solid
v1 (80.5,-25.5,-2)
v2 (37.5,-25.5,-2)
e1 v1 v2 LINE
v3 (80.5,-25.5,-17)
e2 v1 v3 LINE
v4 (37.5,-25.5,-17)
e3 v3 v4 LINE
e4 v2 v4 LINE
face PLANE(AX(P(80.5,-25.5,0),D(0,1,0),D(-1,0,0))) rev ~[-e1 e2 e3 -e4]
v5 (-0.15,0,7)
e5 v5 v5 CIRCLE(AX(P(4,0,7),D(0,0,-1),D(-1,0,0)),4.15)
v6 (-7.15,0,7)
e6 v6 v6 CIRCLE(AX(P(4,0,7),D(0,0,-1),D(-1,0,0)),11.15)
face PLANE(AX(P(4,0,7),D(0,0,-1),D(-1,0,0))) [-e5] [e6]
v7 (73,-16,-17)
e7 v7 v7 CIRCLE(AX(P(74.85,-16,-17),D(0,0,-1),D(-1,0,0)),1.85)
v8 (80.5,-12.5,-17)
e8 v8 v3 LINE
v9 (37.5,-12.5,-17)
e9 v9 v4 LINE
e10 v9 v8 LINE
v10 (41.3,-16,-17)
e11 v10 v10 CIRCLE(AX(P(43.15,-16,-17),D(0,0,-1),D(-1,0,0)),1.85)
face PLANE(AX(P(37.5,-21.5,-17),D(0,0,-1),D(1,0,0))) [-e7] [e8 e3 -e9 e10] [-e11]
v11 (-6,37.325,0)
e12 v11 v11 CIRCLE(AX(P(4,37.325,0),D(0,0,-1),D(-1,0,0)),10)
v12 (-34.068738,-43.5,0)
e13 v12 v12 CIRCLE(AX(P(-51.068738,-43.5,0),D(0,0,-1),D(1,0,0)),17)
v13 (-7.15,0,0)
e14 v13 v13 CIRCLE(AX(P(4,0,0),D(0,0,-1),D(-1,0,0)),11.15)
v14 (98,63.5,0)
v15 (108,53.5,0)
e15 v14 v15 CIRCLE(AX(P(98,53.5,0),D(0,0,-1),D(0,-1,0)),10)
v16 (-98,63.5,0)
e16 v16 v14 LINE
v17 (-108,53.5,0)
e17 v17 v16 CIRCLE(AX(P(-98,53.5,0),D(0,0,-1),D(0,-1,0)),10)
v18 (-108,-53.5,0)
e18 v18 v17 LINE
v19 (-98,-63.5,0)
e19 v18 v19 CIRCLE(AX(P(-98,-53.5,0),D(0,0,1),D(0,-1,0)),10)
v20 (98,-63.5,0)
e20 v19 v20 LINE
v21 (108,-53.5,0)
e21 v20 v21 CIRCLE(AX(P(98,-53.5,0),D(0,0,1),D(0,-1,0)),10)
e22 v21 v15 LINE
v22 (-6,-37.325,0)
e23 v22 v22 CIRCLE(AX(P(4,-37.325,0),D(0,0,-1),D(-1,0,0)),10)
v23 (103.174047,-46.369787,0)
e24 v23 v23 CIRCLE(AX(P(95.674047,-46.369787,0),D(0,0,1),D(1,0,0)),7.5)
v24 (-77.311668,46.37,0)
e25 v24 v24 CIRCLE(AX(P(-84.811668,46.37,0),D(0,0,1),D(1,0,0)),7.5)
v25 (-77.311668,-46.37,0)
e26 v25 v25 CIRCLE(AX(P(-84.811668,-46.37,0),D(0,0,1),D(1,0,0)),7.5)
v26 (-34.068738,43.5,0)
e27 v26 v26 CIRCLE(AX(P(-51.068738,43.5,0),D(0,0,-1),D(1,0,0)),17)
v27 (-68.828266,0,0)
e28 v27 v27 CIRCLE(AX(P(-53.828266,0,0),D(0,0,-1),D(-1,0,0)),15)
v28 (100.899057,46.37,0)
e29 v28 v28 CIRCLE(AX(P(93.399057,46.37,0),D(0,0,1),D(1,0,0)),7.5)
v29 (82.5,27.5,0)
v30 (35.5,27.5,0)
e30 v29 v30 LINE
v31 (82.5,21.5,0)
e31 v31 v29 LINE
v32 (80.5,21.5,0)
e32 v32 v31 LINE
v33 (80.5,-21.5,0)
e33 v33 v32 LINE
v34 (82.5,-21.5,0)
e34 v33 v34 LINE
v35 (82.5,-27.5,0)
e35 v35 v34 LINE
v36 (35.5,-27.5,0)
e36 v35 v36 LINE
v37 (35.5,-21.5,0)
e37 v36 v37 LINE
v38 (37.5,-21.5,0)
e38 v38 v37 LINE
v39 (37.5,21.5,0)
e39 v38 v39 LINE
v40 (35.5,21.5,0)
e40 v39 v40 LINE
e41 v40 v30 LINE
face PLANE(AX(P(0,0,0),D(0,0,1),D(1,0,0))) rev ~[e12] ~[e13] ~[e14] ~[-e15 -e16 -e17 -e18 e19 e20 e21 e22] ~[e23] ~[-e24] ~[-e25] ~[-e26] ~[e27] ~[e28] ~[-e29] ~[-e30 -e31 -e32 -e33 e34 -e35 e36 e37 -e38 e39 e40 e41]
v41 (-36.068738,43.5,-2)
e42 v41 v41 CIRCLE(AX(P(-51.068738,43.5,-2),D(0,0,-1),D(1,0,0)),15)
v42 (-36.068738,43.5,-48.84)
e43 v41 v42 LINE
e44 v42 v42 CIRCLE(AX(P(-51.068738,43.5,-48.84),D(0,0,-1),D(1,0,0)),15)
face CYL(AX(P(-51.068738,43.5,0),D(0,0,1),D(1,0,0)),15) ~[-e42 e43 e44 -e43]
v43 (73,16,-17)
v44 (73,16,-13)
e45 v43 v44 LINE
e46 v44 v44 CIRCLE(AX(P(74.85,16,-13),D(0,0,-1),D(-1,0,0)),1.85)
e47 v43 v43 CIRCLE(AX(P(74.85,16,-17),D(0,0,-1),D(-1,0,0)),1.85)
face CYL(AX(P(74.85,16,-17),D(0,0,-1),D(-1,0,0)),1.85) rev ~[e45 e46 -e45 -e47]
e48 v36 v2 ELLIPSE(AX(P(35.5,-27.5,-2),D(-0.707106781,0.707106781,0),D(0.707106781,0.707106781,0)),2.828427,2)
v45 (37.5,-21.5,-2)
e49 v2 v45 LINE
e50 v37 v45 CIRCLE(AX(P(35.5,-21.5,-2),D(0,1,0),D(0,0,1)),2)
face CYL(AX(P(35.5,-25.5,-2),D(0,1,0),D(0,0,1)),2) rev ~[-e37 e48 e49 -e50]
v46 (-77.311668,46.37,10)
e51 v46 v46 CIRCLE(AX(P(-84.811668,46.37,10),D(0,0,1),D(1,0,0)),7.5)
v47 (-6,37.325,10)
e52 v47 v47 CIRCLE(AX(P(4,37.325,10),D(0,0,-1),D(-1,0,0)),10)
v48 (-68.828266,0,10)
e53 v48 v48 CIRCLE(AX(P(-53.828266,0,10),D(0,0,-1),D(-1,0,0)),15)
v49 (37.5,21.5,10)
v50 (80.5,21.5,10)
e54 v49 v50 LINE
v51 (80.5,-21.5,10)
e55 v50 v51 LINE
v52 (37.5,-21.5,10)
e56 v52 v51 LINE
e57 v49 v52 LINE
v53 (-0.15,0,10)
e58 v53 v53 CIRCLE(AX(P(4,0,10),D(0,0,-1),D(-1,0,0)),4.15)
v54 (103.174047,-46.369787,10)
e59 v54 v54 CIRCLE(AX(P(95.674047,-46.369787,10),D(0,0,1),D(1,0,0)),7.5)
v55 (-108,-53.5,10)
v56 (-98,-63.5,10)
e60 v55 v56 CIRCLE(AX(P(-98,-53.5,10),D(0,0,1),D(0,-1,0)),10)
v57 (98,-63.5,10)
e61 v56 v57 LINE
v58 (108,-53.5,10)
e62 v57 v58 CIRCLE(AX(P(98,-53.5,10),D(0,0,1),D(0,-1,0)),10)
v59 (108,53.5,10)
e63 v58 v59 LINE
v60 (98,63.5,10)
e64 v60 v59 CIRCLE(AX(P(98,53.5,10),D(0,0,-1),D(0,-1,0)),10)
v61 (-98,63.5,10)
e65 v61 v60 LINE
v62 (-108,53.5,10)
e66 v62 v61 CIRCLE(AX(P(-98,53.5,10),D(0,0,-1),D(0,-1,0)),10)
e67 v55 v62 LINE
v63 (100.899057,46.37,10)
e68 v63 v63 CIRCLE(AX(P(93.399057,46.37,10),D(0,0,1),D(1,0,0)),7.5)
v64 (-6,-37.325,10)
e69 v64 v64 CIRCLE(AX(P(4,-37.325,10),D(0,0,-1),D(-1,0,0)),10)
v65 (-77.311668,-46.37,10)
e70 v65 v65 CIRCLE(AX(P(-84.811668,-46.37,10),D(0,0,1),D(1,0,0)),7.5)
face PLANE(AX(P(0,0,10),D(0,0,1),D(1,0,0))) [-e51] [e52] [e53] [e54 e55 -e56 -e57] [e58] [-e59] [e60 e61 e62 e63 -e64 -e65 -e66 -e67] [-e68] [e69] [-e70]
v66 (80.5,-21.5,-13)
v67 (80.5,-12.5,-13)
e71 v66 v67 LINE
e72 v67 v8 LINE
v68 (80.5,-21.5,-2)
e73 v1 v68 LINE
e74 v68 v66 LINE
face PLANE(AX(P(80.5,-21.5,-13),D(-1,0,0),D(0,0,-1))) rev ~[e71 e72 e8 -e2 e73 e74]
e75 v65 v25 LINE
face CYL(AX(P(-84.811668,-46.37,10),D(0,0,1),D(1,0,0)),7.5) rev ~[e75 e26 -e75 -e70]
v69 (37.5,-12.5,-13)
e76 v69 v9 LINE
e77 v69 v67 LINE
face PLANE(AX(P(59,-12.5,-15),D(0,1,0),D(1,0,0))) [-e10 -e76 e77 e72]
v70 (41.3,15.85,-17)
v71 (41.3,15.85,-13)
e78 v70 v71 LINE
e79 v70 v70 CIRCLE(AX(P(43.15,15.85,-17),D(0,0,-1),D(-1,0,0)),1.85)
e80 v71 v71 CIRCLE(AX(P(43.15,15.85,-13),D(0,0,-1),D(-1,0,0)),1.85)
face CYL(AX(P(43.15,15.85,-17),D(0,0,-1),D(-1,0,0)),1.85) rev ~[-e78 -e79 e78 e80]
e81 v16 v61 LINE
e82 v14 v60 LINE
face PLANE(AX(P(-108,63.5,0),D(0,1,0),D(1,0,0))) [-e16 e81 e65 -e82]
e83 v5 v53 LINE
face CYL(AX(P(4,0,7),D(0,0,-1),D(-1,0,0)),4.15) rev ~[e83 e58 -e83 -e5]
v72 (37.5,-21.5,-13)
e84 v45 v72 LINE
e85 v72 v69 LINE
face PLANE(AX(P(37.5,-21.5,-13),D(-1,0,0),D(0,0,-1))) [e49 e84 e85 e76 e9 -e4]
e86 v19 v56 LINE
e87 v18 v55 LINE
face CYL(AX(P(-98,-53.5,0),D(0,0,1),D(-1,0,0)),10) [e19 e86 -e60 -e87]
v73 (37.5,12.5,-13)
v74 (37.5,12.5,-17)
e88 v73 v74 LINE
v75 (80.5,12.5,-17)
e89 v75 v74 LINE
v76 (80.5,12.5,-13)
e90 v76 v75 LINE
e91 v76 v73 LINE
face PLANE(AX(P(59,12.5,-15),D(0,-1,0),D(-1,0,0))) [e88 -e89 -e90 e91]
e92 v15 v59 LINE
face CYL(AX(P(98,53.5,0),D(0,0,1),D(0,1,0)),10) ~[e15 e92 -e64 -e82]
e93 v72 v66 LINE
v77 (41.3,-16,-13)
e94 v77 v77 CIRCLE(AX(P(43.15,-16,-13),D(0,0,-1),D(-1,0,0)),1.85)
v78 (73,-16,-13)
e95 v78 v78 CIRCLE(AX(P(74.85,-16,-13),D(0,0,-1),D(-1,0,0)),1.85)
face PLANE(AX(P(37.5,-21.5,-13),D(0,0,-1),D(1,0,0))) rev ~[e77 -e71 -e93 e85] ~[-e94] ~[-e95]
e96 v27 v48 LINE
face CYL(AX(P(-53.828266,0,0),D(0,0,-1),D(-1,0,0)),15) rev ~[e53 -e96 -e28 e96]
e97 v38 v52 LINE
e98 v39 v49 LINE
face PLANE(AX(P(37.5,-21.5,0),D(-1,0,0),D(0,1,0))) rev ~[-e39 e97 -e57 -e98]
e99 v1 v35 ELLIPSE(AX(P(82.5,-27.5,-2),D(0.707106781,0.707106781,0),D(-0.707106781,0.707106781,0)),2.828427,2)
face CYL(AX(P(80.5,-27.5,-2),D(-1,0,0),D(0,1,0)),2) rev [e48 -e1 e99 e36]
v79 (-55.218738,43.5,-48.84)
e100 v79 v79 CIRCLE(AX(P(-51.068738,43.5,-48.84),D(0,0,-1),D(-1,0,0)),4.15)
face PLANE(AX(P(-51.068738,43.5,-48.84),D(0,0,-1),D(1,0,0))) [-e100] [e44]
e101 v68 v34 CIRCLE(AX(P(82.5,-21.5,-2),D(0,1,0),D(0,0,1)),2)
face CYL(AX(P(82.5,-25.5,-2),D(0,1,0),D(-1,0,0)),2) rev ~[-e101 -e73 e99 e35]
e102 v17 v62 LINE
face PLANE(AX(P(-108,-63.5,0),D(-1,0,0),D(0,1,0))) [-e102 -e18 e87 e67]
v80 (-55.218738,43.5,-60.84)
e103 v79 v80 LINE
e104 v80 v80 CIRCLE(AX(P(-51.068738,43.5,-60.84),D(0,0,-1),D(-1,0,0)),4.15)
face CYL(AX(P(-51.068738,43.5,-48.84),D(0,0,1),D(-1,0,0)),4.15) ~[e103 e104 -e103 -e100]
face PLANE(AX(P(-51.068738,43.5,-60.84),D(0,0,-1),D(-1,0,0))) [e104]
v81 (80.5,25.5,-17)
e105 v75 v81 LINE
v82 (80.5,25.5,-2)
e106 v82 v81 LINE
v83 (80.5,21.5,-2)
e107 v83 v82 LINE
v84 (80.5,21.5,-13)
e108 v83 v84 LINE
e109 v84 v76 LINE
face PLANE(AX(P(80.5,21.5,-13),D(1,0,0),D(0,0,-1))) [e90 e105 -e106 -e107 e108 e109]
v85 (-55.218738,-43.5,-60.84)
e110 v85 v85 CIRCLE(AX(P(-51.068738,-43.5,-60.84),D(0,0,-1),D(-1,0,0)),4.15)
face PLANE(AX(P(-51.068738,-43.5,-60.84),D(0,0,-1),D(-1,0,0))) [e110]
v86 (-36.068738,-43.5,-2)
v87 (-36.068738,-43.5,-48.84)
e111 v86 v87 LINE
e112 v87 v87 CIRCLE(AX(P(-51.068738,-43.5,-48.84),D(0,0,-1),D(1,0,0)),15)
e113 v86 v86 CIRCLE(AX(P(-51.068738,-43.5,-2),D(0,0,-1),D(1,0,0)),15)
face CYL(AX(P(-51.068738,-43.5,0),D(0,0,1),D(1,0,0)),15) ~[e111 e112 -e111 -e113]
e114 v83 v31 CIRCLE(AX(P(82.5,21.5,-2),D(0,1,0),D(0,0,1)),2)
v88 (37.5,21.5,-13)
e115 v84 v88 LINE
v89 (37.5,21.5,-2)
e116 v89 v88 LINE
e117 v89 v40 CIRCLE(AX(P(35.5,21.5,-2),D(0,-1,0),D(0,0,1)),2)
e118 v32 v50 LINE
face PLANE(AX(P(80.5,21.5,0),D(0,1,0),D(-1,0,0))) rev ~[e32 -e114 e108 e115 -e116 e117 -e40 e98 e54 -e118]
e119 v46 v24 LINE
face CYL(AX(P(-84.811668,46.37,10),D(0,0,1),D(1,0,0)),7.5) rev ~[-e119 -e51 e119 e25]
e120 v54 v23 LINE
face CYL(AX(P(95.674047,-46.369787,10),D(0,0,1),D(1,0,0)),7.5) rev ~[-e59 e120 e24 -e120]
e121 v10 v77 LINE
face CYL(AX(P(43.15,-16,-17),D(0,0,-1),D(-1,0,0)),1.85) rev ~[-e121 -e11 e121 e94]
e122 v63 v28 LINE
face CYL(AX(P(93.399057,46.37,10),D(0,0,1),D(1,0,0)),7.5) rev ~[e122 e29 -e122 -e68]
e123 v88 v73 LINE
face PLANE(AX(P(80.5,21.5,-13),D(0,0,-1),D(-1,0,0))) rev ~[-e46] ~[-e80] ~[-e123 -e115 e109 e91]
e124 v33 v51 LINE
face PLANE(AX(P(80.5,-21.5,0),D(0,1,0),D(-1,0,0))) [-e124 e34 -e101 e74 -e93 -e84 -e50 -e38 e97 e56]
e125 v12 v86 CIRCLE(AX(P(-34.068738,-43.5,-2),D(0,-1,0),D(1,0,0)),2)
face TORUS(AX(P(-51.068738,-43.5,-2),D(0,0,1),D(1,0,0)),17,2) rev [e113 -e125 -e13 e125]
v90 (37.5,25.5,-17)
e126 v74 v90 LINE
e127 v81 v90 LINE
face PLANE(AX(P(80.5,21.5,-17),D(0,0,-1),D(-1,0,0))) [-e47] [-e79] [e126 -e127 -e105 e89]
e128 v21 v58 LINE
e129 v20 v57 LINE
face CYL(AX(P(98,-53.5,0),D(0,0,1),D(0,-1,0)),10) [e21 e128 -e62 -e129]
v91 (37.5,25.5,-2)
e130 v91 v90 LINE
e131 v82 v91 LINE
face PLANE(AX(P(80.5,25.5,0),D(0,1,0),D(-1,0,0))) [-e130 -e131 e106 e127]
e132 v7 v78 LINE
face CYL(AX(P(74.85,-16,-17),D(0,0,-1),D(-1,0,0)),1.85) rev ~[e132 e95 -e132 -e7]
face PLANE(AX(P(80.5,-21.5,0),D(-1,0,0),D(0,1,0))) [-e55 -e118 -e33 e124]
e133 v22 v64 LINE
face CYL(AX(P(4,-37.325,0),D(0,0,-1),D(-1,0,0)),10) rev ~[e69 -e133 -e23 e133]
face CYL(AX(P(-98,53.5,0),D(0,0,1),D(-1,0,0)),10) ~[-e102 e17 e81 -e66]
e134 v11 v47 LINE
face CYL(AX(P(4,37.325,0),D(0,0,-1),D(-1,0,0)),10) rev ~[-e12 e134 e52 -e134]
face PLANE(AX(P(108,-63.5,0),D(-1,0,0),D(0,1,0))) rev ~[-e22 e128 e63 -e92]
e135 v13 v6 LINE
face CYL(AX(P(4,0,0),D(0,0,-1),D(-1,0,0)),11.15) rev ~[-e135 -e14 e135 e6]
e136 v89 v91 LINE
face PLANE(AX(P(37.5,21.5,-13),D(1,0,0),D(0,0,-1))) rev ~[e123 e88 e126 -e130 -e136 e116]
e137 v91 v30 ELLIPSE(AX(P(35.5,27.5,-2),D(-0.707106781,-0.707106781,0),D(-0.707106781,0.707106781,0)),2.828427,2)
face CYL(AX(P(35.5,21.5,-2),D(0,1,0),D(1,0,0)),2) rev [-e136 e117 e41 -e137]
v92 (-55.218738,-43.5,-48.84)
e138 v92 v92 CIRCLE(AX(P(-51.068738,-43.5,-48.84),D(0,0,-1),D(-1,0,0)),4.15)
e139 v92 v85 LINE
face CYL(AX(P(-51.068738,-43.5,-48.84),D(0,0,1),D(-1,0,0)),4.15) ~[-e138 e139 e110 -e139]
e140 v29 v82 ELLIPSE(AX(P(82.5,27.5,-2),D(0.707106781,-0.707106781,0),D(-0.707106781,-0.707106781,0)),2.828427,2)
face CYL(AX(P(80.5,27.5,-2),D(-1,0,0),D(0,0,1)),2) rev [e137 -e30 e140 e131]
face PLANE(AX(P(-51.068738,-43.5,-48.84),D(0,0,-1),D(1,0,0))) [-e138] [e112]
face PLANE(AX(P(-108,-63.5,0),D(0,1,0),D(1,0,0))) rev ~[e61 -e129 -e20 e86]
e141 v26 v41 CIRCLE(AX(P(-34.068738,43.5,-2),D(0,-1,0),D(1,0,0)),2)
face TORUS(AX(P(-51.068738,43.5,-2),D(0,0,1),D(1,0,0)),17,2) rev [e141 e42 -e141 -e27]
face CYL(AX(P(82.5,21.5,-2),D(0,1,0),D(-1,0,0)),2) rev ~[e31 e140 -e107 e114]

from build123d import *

# Parameters (mm, degrees)
SKETCH1_W            = 216
SKETCH1_H            = 127
BOSS_EXTRUDE1_DEPTH  = 10
FILLET1_R            = 10
FILLET2_R            = 10
SKETCH9_R            = 11.15
CUT_EXTRUDE4_DEPTH   = 7
SKETCH12_R           = 4.15
CUT_EXTRUDE5_DEPTH   = 7
SKETCH9_4_W          = 43
SKETCH9_4_H          = 43
CUT_EXTRUDE6_DEPTH   = 126.683133315
SKETCH13_W           = 43
SKETCH13_H           = 4
BOSS_EXTRUDE2_DEPTH  = 17
FILLET4_R            = 2
SKETCH17_W           = 43
SKETCH17_H           = 4
BOSS_EXTRUDE5_DEPTH  = 9
SKETCH18_W           = 43
SKETCH18_H           = 4
BOSS_EXTRUDE6_DEPTH  = 17
SKETCH19_W           = 43
SKETCH19_H           = 4
BOSS_EXTRUDE7_DEPTH  = 9
FILLET5_R            = 2
SKETCH20_R           = 1.85
CUT_EXTRUDE7_DEPTH   = 9
SKETCH23_R           = 1.85
CUT_EXTRUDE8_DEPTH   = 9
SKETCH25_R           = 15
BOSS_EXTRUDE9_DEPTH  = 48.84
SKETCH26_R           = 4.15
BOSS_EXTRUDE10_DEPTH = 12
SKETCH27_R           = 4.15
BOSS_EXTRUDE11_DEPTH = 12
FILLET9_R            = 2
FILLET10_R           = 2
SKETCH28_R           = 7.5
CUT_EXTRUDE9_DEPTH   = 144.925521017
SKETCH29_R           = 10
SKETCH29_R_2         = 15
CUT_EXTRUDE10_DEPTH  = 140.275825612


with BuildPart() as part:
    # Sketch1 → Boss-Extrude1 (new body)
    with BuildSketch(Plane.XY):
        Rectangle(SKETCH1_W, SKETCH1_H)
    extrude(amount=BOSS_EXTRUDE1_DEPTH)

    # Fillet1
    fillet1_edges = [part.edges().sort_by_distance(p)[0] for p in [
        (-108, 63.5, 5),
    ]]
    fillet(fillet1_edges, radius=FILLET1_R)

    # Fillet2
    fillet2_edges = [part.edges().sort_by_distance(p)[0] for p in [
        (-108, -63.5, 5),
        (108, 63.5, 5),
        (108, -63.5, 5),
    ]]
    fillet(fillet2_edges, radius=FILLET2_R)

    # Sketch9 → Cut-Extrude4 (cut)
    with BuildSketch(Plane(origin=(0, 0, 0), x_dir=(-1, 0, 0), z_dir=(0, 0, -1))):
        with Locations((-4, 0)):
            Circle(SKETCH9_R)
    extrude(amount=-CUT_EXTRUDE4_DEPTH, mode=Mode.SUBTRACT)

    # Sketch12 → Cut-Extrude5 (cut)
    with BuildSketch(Plane(origin=(0, 0, 7), x_dir=(-1, 0, 0), z_dir=(0, 0, -1))):
        with Locations((-4, 0)):
            Circle(SKETCH12_R)
    extrude(amount=-CUT_EXTRUDE5_DEPTH, mode=Mode.SUBTRACT)

    # Sketch9<4> → Cut-Extrude6 (cut, through all)
    with BuildSketch(Plane(origin=(0, 0, 0), x_dir=(-1, 0, 0), z_dir=(0, 0, -1))):
        with Locations((-59, 0)):
            Rectangle(SKETCH9_4_W, SKETCH9_4_H)
    extrude(amount=-CUT_EXTRUDE6_DEPTH, mode=Mode.SUBTRACT)

    # Sketch13 → Boss-Extrude2 (add)
    with BuildSketch(Plane(origin=(0, 0, 0), x_dir=(-1, 0, 0), z_dir=(0, 0, -1))):
        with Locations((-59, -23.5)):
            Rectangle(SKETCH13_W, SKETCH13_H)
    extrude(amount=BOSS_EXTRUDE2_DEPTH)

    # Fillet4
    fillet4_edges = [part.edges().sort_by_distance(p)[0] for p in [
        (59, -25.5, 0),
        (37.5, -23.5, 0),
        (80.5, -23.5, 0),
    ]]
    fillet(fillet4_edges, radius=FILLET4_R)

    # Sketch17 → Boss-Extrude5 (add)
    with BuildSketch(Plane(origin=(0, -21.5, 0), x_dir=(1, 0, 0), z_dir=(0, 1, 0))):
        with Locations((59, 15)):
            Rectangle(SKETCH17_W, SKETCH17_H)
    extrude(amount=BOSS_EXTRUDE5_DEPTH)

    # Sketch18 → Boss-Extrude6 (add)
    with BuildSketch(Plane(origin=(0, 0, 0), x_dir=(-1, 0, 0), z_dir=(0, 0, -1))):
        with Locations((-59, 23.5)):
            Rectangle(SKETCH18_W, SKETCH18_H)
    extrude(amount=BOSS_EXTRUDE6_DEPTH)

    # Sketch19 → Boss-Extrude7 (add)
    with BuildSketch(Plane(origin=(0, 21.5, 0), x_dir=(-1, 0, 0), z_dir=(0, -1, 0))):
        with Locations((-59, 15)):
            Rectangle(SKETCH19_W, SKETCH19_H)
    extrude(amount=BOSS_EXTRUDE7_DEPTH)

    # Fillet5
    fillet5_edges = [part.edges().sort_by_distance(p)[0] for p in [
        (37.5, 23.5, 0),
        (80.5, 23.5, 0),
        (59, 25.5, 0),
    ]]
    fillet(fillet5_edges, radius=FILLET5_R)

    # Sketch20 → Cut-Extrude7 (cut)
    with BuildSketch(Plane(origin=(0, 0, -17), x_dir=(-1, 0, 0), z_dir=(0, 0, -1))):
        with Locations((-43.15, -16)):
            Circle(SKETCH20_R)
        with Locations((-74.85, -16)):
            Circle(SKETCH20_R)
    extrude(amount=-CUT_EXTRUDE7_DEPTH, mode=Mode.SUBTRACT)

    # Sketch23 → Cut-Extrude8 (cut)
    with BuildSketch(Plane(origin=(0, 0, -17), x_dir=(-1, 0, 0), z_dir=(0, 0, -1))):
        with Locations((-43.15, 15.85)):
            Circle(SKETCH23_R)
        with Locations((-74.85, 16)):
            Circle(SKETCH23_R)
    extrude(amount=-CUT_EXTRUDE8_DEPTH, mode=Mode.SUBTRACT)

    # Sketch25 → Boss-Extrude9 (add)
    with BuildSketch(Plane(origin=(0, 0, 0), x_dir=(-1, 0, 0), z_dir=(0, 0, -1))):
        with Locations((51.068737931, -43.5)):
            Circle(SKETCH25_R)
        with Locations((51.068737931, 43.5)):
            Circle(SKETCH25_R)
    extrude(amount=BOSS_EXTRUDE9_DEPTH)

    # Sketch26 → Boss-Extrude10 (add)
    with BuildSketch(Plane(origin=(0, 0, -48.84), x_dir=(-1, 0, 0), z_dir=(0, 0, -1))):
        with Locations((51.068737931, -43.5)):
            Circle(SKETCH26_R)
    extrude(amount=BOSS_EXTRUDE10_DEPTH)

    # Sketch27 → Boss-Extrude11 (add)
    with BuildSketch(Plane(origin=(0, 0, -48.84), x_dir=(-1, 0, 0), z_dir=(0, 0, -1))):
        with Locations((51.068737931, 43.5)):
            Circle(SKETCH27_R)
    extrude(amount=BOSS_EXTRUDE11_DEPTH)

    # Fillet9
    fillet9_edges = [part.edges().sort_by_distance(p)[0] for p in [
        (-36.068737931, -43.5, 0),
    ]]
    fillet(fillet9_edges, radius=FILLET9_R)

    # Fillet10
    fillet10_edges = [part.edges().sort_by_distance(p)[0] for p in [
        (-36.068737931, 43.5, 0),
    ]]
    fillet(fillet10_edges, radius=FILLET10_R)

    # Sketch28 → Cut-Extrude9 (cut, through all)
    with BuildSketch(Plane.XY.offset(10)):
        with Locations((-84.811667967, 46.37)):
            Circle(SKETCH28_R)
        with Locations((-84.811667967, -46.37)):
            Circle(SKETCH28_R)
        with Locations((95.674047271, -46.369786546)):
            Circle(SKETCH28_R)
        with Locations((93.399057455, 46.37)):
            Circle(SKETCH28_R)
    extrude(amount=-CUT_EXTRUDE9_DEPTH, mode=Mode.SUBTRACT)

    # Sketch29 → Cut-Extrude10 (cut, through all)
    with BuildSketch(Plane(origin=(0, 0, 0), x_dir=(-1, 0, 0), z_dir=(0, 0, -1))):
        with Locations((-4, 37.325)):
            Circle(SKETCH29_R)
        with Locations((53.828265838, 0)):
            Circle(SKETCH29_R_2)
        with Locations((-4, -37.325)):
            Circle(SKETCH29_R)
    extrude(amount=-CUT_EXTRUDE10_DEPTH, mode=Mode.SUBTRACT)


solid = part.part
